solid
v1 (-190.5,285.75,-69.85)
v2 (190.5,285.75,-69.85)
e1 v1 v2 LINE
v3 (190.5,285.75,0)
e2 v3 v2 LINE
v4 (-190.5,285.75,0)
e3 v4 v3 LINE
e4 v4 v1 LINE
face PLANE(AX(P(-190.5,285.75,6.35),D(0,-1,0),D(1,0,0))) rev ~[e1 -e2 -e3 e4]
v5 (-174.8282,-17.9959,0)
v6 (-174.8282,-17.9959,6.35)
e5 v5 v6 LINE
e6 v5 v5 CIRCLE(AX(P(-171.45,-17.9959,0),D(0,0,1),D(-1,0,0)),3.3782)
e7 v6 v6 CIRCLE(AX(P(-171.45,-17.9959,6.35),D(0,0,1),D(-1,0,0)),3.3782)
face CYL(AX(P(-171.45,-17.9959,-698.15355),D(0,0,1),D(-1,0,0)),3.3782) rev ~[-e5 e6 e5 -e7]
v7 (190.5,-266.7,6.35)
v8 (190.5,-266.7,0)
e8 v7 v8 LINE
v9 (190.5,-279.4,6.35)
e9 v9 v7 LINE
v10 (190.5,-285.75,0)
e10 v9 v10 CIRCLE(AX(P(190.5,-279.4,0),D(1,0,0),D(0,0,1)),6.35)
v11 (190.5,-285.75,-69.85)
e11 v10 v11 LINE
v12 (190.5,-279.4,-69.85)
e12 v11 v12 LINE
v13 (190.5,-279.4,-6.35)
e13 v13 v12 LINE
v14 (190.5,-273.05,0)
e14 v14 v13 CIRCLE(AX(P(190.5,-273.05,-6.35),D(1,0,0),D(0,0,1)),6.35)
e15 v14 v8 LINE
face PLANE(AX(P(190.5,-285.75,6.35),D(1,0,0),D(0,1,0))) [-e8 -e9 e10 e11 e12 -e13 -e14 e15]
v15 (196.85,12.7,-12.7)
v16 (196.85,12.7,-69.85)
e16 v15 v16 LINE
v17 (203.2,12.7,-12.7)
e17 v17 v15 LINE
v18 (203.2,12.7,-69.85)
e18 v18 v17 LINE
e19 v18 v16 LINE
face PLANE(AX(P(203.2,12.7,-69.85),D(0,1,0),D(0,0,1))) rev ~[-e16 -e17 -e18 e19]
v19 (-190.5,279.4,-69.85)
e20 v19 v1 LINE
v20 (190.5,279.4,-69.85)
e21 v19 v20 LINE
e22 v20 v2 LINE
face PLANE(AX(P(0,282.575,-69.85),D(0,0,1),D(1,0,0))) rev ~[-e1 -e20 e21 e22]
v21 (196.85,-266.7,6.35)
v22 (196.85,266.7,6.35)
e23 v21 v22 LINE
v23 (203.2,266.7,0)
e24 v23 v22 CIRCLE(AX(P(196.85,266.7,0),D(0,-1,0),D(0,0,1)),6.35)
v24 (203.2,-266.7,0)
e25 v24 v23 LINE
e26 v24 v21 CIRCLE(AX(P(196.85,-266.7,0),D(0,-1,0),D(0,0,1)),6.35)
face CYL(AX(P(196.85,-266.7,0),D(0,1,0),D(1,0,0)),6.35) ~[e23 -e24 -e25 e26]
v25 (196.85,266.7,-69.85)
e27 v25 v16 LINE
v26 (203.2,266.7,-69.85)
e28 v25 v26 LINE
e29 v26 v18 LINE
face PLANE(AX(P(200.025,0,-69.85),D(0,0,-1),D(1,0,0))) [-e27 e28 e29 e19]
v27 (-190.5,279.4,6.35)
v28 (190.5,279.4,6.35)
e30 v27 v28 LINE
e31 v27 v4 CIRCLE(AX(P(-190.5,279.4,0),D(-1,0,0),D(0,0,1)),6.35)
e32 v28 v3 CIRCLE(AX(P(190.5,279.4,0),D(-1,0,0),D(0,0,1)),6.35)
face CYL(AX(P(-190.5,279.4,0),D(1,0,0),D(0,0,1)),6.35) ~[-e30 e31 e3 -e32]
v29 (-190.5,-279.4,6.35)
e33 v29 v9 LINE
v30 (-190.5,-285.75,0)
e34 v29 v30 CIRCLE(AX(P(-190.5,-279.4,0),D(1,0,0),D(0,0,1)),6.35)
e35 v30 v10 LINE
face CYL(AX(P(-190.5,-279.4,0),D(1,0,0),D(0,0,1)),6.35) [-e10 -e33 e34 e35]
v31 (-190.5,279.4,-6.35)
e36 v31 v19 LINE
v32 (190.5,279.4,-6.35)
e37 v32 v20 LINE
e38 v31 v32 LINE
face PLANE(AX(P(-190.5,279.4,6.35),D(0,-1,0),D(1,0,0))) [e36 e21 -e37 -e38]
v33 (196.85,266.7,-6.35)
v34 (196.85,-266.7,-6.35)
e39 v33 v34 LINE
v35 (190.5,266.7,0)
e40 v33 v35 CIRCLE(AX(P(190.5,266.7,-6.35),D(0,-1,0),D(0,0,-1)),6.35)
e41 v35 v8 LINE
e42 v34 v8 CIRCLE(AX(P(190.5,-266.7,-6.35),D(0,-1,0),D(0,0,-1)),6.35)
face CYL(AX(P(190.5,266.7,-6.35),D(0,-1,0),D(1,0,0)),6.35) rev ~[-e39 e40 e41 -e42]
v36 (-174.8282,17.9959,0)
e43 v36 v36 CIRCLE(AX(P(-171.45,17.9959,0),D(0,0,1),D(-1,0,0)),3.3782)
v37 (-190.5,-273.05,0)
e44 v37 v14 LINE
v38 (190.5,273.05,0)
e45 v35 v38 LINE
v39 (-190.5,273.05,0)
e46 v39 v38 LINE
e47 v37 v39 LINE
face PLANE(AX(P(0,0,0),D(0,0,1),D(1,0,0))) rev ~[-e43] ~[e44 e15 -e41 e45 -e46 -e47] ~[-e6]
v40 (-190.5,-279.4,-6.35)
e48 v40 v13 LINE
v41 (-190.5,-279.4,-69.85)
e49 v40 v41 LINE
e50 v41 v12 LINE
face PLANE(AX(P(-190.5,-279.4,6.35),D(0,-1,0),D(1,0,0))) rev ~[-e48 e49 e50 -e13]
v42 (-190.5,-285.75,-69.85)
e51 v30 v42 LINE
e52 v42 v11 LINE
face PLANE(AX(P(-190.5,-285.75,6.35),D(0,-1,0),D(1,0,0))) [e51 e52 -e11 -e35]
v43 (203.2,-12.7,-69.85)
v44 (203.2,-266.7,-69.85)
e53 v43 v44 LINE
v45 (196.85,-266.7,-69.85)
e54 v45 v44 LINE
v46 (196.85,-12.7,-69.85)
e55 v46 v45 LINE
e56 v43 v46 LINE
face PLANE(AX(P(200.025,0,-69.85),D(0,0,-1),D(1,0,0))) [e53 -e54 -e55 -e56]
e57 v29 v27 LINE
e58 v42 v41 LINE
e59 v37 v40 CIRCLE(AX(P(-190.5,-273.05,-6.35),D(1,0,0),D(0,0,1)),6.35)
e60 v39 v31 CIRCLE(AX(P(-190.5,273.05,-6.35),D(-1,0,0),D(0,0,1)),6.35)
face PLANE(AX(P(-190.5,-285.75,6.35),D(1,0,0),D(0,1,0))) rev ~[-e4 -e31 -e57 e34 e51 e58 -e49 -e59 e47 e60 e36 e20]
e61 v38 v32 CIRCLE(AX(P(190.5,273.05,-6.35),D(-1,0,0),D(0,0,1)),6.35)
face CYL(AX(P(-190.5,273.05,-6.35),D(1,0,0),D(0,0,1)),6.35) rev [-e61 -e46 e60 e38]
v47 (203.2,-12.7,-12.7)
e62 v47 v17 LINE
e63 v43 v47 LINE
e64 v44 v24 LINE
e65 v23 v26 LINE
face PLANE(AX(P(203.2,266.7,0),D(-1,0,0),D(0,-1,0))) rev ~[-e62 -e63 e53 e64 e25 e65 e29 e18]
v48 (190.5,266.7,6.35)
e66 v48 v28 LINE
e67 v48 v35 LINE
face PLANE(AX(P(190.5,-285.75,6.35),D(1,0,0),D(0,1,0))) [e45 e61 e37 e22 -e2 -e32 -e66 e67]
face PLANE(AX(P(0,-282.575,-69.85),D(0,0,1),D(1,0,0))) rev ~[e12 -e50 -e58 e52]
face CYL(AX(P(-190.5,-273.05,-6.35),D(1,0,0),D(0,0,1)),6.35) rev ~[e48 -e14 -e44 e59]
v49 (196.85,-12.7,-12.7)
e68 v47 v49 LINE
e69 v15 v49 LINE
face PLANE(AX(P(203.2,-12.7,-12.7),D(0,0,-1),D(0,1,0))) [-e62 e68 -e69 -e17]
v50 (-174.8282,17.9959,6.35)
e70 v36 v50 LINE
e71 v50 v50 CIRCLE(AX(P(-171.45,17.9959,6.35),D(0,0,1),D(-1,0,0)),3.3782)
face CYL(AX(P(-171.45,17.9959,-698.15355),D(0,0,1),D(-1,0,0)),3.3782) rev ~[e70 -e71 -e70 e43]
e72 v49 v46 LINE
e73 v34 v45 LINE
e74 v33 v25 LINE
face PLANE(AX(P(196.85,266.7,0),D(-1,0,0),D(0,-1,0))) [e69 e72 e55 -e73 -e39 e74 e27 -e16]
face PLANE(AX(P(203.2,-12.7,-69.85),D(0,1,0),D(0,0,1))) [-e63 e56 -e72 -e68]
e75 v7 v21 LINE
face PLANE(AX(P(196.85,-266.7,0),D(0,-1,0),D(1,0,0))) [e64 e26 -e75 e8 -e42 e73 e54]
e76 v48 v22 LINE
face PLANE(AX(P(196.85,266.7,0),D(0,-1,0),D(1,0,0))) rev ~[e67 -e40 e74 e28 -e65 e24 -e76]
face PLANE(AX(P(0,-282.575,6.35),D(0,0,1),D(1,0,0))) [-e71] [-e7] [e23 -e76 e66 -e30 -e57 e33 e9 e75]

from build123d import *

# Parameters (mm, degrees)
F0_W     = 381
F0_H     = 558.8
F1_DEPTH = 6.35
F2_W     = 381
F2_H     = 6.35
F3_DEPTH = 76.2
F4_W     = 12.7
F4_H     = 533.4
F5_DEPTH = 6.35
F6_W     = 6.35
F6_H     = 533.4
F7_DEPTH = 69.85
F8_W     = 25.4
F8_H     = 57.15
F9_DEPTH = 393.701
F10_R    = 6.35
F12_D    = 6.7564


with BuildPart() as f1:
    # F0 (on Top) → F1 (new body)
    with BuildSketch(Plane.XY):
        Rectangle(F0_W, F0_H)
    extrude(amount=F1_DEPTH)

    # F2 (on face) → F3 (join)
    with BuildSketch(Plane.XY.offset(6.35)):
        with Locations((0, -282.575)):
            Rectangle(F2_W, F2_H)
        with Locations((0, 282.575)):
            Rectangle(F2_W, F2_H)
    extrude(amount=-F3_DEPTH)

    # F4 (on face) → F5 (join)
    with BuildSketch(Plane.XY.offset(6.35)):
        with Locations((196.85, 0)):
            Rectangle(F4_W, F4_H)
    extrude(amount=-F5_DEPTH)

    # F6 (on face) → F7 (join)
    with BuildSketch(Plane(origin=(0, 0, 0), x_dir=(1, 0, 0), z_dir=(0, 0, -1))):
        with Locations((200.025, 0)):
            Rectangle(F6_W, F6_H)
    extrude(amount=F7_DEPTH)

    # F8 (on face) → F9 (cut, through all)
    with BuildSketch(Plane.YZ.offset(203.2)):
        with Locations((0, -41.275)):
            Rectangle(F8_W, F8_H)
    extrude(amount=-F9_DEPTH, mode=Mode.SUBTRACT)

    # F10
    f10_edges = [f1.edges().sort_by_distance(p)[0] for p in [
        (0, 285.75, 6.35),
        (0, -285.75, 6.35),
        (203.2, 0, 6.35),
        (0, -279.4, 0),
        (196.85, 0, 0),
        (0, 279.4, 0),
    ]]
    fillet(f10_edges, radius=F10_R)

    # F12 (through all)
    with Locations(Plane(origin=(0, 0, 0), x_dir=(1, 0, 0), z_dir=(0, 0, -1))):
        with Locations((-171.45, 17.9959), (-171.45, -17.9959)):
            Hole(F12_D / 2)


solid = f1.part
